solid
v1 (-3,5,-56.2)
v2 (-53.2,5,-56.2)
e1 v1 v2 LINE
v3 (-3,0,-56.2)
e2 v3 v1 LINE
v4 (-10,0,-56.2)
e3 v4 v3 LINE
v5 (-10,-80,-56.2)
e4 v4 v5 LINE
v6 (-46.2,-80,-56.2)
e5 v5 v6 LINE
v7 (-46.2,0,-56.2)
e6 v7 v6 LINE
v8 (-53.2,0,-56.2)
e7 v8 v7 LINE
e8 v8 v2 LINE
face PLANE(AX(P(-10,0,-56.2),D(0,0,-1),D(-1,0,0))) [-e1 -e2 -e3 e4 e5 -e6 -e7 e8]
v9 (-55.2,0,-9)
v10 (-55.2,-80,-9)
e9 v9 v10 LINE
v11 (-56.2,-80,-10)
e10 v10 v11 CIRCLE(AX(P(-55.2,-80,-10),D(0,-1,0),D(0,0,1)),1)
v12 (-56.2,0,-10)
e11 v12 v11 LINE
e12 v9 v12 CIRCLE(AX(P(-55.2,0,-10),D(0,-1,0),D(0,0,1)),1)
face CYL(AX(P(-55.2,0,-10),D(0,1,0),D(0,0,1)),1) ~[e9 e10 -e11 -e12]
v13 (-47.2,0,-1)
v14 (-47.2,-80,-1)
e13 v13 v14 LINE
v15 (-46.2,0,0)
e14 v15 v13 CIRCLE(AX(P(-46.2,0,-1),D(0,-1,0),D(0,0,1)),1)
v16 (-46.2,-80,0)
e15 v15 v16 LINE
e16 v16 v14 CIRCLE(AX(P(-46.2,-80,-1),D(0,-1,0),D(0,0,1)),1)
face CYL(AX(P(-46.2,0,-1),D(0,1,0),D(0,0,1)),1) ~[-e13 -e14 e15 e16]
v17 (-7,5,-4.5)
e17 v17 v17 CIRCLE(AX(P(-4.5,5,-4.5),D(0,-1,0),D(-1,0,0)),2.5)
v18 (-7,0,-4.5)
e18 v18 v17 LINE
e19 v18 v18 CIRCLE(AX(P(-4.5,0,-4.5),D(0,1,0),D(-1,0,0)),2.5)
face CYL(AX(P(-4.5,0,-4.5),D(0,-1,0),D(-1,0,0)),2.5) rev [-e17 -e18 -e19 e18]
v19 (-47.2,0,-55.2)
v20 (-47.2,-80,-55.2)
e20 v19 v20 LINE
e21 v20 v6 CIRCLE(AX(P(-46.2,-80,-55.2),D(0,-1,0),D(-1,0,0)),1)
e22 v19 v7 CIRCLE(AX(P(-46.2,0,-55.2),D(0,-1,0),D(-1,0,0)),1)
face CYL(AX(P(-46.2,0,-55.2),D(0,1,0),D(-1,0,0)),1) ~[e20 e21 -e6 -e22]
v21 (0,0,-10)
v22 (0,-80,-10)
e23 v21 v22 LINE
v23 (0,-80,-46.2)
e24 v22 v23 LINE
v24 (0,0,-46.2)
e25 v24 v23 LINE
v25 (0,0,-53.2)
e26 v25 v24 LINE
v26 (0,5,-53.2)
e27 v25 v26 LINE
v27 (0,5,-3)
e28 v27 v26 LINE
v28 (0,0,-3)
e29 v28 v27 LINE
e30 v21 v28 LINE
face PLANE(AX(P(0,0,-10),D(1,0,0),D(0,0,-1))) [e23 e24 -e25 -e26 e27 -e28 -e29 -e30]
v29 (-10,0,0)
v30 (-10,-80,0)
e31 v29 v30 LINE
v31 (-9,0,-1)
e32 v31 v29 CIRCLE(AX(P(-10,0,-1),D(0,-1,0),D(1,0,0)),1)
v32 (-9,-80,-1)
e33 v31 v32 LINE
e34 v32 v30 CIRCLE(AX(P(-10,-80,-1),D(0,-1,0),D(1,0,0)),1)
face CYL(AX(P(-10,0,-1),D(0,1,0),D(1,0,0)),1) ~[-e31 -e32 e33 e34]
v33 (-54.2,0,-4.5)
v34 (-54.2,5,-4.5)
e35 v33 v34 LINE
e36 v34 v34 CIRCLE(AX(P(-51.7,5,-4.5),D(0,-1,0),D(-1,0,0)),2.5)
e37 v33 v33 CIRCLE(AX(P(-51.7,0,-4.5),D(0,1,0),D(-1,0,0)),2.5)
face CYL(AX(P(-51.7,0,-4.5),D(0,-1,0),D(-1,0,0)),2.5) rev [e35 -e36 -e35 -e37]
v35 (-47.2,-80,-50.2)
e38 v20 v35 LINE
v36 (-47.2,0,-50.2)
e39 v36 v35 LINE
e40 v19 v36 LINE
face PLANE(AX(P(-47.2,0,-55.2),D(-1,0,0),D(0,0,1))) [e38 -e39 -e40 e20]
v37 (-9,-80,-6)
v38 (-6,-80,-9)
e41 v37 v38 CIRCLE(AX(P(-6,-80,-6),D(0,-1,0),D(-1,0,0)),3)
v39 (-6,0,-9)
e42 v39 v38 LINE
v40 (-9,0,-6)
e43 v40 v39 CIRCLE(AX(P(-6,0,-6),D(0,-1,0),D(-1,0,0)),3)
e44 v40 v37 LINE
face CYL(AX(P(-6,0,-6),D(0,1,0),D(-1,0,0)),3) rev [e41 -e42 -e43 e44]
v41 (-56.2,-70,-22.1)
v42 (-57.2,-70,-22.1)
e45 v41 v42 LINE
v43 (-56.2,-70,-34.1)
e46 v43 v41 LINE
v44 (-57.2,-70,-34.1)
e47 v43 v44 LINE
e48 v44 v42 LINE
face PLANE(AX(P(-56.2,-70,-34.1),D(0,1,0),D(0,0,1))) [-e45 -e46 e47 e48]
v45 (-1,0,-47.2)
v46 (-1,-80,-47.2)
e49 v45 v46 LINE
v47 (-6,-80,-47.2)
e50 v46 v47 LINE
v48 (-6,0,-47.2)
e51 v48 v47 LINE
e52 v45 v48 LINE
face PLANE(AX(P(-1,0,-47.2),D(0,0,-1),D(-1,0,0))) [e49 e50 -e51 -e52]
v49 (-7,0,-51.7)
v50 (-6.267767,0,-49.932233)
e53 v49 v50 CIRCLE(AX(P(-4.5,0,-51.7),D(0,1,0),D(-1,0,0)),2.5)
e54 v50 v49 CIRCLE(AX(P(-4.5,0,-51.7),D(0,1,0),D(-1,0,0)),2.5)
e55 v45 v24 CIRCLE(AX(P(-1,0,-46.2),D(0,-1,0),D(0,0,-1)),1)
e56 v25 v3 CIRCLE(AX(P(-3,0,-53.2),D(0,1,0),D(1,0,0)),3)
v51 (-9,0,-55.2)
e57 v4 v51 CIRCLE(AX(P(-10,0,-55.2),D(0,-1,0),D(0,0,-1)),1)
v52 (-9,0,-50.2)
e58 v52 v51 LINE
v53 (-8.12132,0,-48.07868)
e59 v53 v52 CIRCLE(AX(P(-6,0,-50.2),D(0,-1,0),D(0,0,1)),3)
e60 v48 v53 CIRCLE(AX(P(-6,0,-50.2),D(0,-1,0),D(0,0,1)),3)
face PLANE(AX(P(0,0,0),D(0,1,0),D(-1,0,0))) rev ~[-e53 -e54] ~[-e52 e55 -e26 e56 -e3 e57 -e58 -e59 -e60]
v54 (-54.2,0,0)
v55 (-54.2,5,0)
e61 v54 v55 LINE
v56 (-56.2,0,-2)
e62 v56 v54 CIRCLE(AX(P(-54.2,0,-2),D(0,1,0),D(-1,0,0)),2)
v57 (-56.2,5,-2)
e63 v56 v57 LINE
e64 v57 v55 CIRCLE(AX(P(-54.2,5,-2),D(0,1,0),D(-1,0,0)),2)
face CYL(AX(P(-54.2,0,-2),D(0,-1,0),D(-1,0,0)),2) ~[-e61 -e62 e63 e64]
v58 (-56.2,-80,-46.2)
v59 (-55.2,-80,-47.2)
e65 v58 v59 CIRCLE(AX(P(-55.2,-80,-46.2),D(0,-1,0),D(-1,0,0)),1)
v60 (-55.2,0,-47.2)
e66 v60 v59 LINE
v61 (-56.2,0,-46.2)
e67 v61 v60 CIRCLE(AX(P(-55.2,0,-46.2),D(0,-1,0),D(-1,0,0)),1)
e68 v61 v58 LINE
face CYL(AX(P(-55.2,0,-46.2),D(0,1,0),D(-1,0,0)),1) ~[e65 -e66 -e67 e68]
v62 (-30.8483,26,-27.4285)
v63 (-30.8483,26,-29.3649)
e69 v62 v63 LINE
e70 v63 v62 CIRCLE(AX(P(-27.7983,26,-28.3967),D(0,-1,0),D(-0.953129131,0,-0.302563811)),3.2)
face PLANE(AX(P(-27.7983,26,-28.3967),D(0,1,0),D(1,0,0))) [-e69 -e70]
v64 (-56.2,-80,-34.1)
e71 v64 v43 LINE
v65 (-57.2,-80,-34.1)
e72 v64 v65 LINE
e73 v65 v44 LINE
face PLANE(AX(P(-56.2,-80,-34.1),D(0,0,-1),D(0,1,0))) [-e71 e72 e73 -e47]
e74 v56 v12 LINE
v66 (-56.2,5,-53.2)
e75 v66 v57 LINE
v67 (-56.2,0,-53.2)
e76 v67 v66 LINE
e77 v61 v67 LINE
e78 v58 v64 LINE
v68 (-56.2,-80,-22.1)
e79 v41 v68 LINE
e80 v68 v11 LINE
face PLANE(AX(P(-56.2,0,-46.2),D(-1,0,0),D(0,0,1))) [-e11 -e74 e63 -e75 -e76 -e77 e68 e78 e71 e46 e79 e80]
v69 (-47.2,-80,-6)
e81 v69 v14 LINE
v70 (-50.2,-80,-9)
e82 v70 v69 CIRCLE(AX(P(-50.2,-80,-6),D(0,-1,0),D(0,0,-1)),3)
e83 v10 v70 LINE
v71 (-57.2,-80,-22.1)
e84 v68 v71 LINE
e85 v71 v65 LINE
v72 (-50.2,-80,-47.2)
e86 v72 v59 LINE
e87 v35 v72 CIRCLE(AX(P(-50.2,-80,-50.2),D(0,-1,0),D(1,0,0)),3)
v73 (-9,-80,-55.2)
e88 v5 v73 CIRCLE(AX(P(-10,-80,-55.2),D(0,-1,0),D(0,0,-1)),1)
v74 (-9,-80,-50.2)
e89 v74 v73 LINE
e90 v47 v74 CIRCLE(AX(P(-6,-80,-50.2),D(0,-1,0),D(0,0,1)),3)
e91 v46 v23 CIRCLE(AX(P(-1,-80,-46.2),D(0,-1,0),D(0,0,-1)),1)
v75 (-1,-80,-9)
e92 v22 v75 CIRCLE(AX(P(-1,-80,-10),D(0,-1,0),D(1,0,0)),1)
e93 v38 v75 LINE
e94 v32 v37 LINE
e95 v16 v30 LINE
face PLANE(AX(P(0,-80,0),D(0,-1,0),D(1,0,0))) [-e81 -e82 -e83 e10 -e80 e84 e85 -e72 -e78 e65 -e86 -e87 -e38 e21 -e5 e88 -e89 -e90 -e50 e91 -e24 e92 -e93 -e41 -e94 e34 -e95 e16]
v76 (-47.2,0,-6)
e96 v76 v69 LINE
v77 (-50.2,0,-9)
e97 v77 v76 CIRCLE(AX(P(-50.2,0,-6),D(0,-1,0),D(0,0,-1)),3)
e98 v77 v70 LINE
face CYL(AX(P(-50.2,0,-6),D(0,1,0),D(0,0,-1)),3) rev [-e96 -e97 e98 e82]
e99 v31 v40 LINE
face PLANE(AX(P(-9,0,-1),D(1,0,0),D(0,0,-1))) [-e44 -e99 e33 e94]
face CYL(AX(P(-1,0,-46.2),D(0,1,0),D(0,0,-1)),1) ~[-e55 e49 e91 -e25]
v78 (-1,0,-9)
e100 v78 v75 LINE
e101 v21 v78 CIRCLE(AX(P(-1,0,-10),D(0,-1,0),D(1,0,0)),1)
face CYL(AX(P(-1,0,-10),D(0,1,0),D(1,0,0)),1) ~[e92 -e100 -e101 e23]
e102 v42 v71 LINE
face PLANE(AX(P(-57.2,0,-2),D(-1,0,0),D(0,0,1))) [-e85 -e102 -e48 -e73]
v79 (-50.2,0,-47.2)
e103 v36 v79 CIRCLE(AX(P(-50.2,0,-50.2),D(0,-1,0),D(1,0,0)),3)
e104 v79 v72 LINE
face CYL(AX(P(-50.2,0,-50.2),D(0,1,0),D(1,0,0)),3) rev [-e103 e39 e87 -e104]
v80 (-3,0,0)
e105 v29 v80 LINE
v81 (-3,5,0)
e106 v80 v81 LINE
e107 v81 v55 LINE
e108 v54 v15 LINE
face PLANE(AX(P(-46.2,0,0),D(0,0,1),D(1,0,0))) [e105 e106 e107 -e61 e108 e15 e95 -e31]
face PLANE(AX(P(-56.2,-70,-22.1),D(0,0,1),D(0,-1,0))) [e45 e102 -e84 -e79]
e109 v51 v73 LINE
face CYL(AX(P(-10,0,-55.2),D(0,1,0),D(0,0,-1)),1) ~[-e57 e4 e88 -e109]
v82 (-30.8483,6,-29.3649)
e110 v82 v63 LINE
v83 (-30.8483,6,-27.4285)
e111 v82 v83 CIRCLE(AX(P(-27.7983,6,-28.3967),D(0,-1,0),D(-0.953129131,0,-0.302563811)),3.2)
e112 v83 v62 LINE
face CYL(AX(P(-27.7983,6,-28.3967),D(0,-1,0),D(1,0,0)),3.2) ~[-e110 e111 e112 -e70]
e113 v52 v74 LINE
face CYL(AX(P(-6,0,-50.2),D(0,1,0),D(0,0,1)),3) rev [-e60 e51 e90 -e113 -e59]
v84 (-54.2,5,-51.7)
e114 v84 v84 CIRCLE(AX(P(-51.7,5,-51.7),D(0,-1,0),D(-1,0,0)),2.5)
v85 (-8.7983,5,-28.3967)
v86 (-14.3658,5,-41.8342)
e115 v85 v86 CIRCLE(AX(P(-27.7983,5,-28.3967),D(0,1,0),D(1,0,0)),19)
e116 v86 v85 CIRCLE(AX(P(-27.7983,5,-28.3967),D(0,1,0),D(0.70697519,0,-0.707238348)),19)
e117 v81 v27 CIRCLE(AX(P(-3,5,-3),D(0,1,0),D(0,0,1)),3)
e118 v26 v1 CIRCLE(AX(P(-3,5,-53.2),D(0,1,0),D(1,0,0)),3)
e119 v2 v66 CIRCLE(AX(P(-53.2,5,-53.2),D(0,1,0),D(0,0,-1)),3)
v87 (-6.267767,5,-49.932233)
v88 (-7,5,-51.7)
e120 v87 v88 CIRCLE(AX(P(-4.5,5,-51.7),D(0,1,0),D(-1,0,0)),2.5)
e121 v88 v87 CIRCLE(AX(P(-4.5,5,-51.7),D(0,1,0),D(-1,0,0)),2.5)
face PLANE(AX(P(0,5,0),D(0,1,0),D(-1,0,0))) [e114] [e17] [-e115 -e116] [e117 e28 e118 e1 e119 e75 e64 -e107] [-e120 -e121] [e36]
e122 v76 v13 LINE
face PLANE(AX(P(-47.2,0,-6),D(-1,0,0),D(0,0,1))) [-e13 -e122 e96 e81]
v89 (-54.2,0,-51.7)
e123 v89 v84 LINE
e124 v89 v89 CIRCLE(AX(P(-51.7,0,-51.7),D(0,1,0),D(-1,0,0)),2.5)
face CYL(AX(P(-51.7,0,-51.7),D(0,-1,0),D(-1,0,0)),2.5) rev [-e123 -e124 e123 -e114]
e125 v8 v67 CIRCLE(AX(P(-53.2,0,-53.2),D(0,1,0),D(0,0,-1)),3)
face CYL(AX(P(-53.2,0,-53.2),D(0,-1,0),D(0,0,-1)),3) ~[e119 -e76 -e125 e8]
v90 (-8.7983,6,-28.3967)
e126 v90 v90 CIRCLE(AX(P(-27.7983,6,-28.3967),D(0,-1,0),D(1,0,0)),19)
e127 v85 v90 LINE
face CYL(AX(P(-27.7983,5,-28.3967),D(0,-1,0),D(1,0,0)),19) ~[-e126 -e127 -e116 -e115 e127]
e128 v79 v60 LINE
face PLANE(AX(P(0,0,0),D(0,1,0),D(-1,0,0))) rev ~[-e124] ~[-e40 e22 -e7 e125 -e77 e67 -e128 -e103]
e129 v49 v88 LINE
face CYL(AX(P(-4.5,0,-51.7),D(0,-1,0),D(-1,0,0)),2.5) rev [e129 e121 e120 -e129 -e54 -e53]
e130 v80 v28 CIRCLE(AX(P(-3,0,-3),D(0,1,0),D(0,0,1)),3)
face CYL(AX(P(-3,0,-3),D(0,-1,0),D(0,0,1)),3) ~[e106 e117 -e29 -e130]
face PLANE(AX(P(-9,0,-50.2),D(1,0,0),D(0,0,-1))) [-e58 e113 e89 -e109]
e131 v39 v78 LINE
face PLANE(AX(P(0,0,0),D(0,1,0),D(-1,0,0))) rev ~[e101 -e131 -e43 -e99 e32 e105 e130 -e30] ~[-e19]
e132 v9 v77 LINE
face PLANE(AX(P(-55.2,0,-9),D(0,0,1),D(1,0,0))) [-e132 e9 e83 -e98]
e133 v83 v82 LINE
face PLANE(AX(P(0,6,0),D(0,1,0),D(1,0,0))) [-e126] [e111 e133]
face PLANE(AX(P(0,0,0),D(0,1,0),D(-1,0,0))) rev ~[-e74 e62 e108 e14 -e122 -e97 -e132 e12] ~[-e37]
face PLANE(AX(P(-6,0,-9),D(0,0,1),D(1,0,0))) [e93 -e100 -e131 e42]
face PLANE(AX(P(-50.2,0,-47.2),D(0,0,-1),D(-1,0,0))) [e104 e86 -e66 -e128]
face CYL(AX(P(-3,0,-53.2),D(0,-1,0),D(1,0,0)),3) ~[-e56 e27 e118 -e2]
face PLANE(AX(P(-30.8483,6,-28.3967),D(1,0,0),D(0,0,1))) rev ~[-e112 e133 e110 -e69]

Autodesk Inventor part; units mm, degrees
ref_plane "YZ Plane" through (0, 0, 0) normal (1, 0, 0) x (0, 1, 0)
ref_plane "XZ Plane" through (0, 0, 0) normal (0, 1, 0) x (-1, 0, 0)
ref_plane "XY Plane" through (0, 0, 0) normal (0, 0, 1) x (1, 0, 0)
sketch "Sketch1" plane through (0, 0, 0) normal (0, 1, 0) x (-1, 0, 0)
  line L0 (3, 0) -> (54.2, 0)
  line L1 (56.2, -2) -> (56.2, -53.2)
  line L2 (53.2, -56.2) -> (3, -56.2)
  line L3 (0, -53.2) -> (0, -3)
  line L4 (56.2, 0) -> (51.7, 0)
  line L5 (51.7, 0) -> (51.7, -4.5)
  line L6 (51.7, -4.5) -> (56.2, -4.5)
  line L7 (56.2, -4.5) -> (56.2, 0)
  circle A0 centre (51.7, -4.5) radius 2.5
  line L8 (56.2, -56.2) -> (51.7, -56.2)
  line L9 (51.7, -56.2) -> (51.7, -51.7)
  line L10 (51.7, -51.7) -> (56.2, -51.7)
  line L11 (56.2, -51.7) -> (56.2, -56.2)
  circle A1 centre (51.7, -51.7) radius 2.5
  line L12 (0, 0) -> (4.5, 0)
  line L13 (4.5, 0) -> (4.5, -4.5)
  line L14 (4.5, -4.5) -> (0, -4.5)
  line L15 (0, -4.5) -> (0, 0)
  circle A2 centre (4.5, -4.5) radius 2.5
  circle A3 centre (4.5, -51.7) radius 2.5
  arc A4 (56.2, -2) -> (54.2, 0) centre (54.2, -2) ccw
  arc A5 (53.2, -56.2) -> (56.2, -53.2) centre (53.2, -53.2) ccw
  arc A6 (0, -53.2) -> (3, -56.2) centre (3, -53.2) ccw
  arc A7 (3, 0) -> (0, -3) centre (3, -3) ccw
  line L16 (51.7, -4.5) -> (4.5, -51.7)
  line L17 (4.5, -4.5) -> (51.7, -51.7)
  circle A8 centre (28.1, -28.1) radius 19
  point P0 (0, -56.2)
  dimension "d0" = 56.2
  dimension "d1" = 56.2
  dimension "d2" = 4.5
  dimension "d3" = 4.5
  dimension "d4" = 5
  dimension "d5" = 4.5
  dimension "d6" = 4.5
  dimension "d7" = 2
  dimension "d8" = 3
  dimension "d9" = 38
  dimension "d34" = 4.5
  dimension "d35" = 4.5
extrude "Extrusion1" add sketch "Sketch1" along normal blind 5 contours L0 L13 A2 L14 L3 A7 | L0 L5 A0 L16 A8 L17 A2 L13 | L0 A4 L1 L6 A0 L5 | L14 A2 L17 A8 A1 L9 L2 A6 L3 | L6 L1 L10 A1 L17 A8 L16 A0 | A8 L17 L16 | L16 L17 A8 | L17 L16 A8 | L9 A1 L10 L1 A5 L2 | L17 A8 L16
sketch "Sketch2" plane through (0, 5, 0) normal (0, 1, 0) x (1, 0, 0)
  circle A0 centre (-51.7, 4.5) radius 2.5 projected
  circle A1 centre (-4.5, 4.5) radius 2.5 projected
  circle A2 centre (-4.5, 51.7) radius 2.5 projected
  circle A3 centre (-51.7, 51.7) radius 2.5 projected
  circle A4 centre (-51.7, 4.5) radius 2.5 projected
  line L0 (-4.5, 51.7) -> (-4.5, 4.5)
  circle A5 centre (-27.7983, 28.3967) radius 19
  line L1 (-4.5, 4.5) -> (-14.6658, 14.6658)
  line L2 (-41.5292, 41.5292) -> (-51.7, 51.7)
  line L3 (-51.7, 4.5) -> (-28.25, 27.95)
  line L4 (-14.3658, 41.8342) -> (-4.5, 51.7)
  point P0 (0, 0)
  dimension "d12" = 38
extrude "Extrusion2" add sketch "Sketch2" along normal blind 1 contours A5
sketch "Sketch3" plane through (-27.7983, 6, -28.3967) normal (0, 1, 0) x (1, 0, 0)
  circle A0 centre (0, 0) radius 3.2
  circle A1 centre (0, 0) radius 3.05
  line L0 (-3.05, 0) -> (-3.05, 0.9682)
  line L1 (-3.05, 0) -> (-3.05, -0.9682)
  point P0 (27.7983, -28.3967)
  dimension "d16" = 6.1
  dimension "d15" = 6.4
extrude "Extrusion3" add sketch "Sketch3" along normal blind 20 contours A1 | A0 L1 L0 picked at (-2.904, -1.0385)
sketch "Sketch4" plane through (0, 0, 0) normal (0, -1, 0) x (1, 0, 0)
  line L0 (-3, -56.2) -> (-53.2, -56.2) projected
  line L1 (-56.2, -53.2) -> (-56.2, -2) projected
  line L2 (-54.2, 0) -> (-3, 0) projected
  line L3 (0, -3) -> (0, -53.2) projected
  arc A0 (-56.2, -53.2) -> (-53.2, -56.2) centre (-53.2, -53.2) ccw projected
  line L4 (-56.2, -2) -> (-56.2, 0)
  arc A1 (-54.2, 0) -> (-56.2, -2) centre (-54.2, -2) ccw projected
  line L5 (-56.2, 0) -> (-54.2, 0)
  line L6 (-3, 0) -> (0, 0)
  arc A2 (0, -3) -> (-3, 0) centre (-3, -3) ccw projected
  line L7 (0, 0) -> (0, -3)
  arc A3 (-3, -56.2) -> (0, -53.2) centre (-3, -53.2) ccw projected
  line L8 (-3, -56.2) -> (0, -56.2)
  line L9 (0, -56.2) -> (0, -53.2)
  circle A4 centre (-51.7, -51.7) radius 2.5 projected
  line L10 (-53.2, -56.2) -> (-47.2, -56.2)
  line L11 (-47.2, -55.2) -> (-47.2, -50.2)
  line L12 (-50.2, -47.2) -> (-55.2, -47.2)
  line L13 (-56.2, -47.2) -> (-56.2, -53.2)
  line L14 (-56.2, -56.2) -> (-47.2, -47.2) construction
  line L15 (-47.2, -56.2) -> (-56.2, -47.2) construction
  arc A5 (-47.2, -50.2) -> (-50.2, -47.2) centre (-50.2, -50.2) ccw
  arc A6 (-56.2, -53.2) -> (-53.2, -56.2) centre (-53.2, -53.2) ccw
  circle A7 centre (-51.7, -4.5) radius 2.5 projected
  circle A8 centre (-4.5, -4.5) radius 2.5 projected
  circle A9 centre (-4.5, -51.7) radius 2.5 projected
  line L16 (-55.2, -9) -> (-50.2, -9)
  line L17 (-47.2, -6) -> (-47.2, -1)
  line L18 (-47.2, 0) -> (-56.2, 0)
  line L19 (-56.2, 0) -> (-56.2, -9)
  circle A10 centre (-51.7, -4.5) radius 2.5 projected
  line L20 (-56.2, -9) -> (-47.2, 0) construction
  line L21 (-47.2, -9) -> (-56.2, 0) construction
  line L22 (-6, -9) -> (-1, -9)
  line L23 (0, -9) -> (0, 0)
  line L24 (0, 0) -> (-9, 0)
  line L25 (-9, -1) -> (-9, -6)
  line L26 (-9, -9) -> (0, 0) construction
  line L27 (0, -9) -> (-9, 0) construction
  line L28 (-9, -56.2) -> (0, -56.2)
  line L29 (0, -56.2) -> (0, -47.2)
  line L30 (-1, -47.2) -> (-6, -47.2)
  line L31 (-9, -50.2) -> (-9, -55.2)
  line L32 (-9, -56.2) -> (0, -47.2) construction
  line L33 (0, -56.2) -> (-9, -47.2) construction
  arc A11 (-50.2, -9) -> (-47.2, -6) centre (-50.2, -6) ccw
  arc A12 (-9, -6) -> (-6, -9) centre (-6, -6) ccw
  arc A13 (-6, -47.2) -> (-9, -50.2) centre (-6, -50.2) ccw
  line L34 (-46.2, -56.2) -> (-10, -56.2)
  line L35 (-3, -56.2) -> (-53.2, -56.2) projected
  line L36 (-56.2, -46.2) -> (-56.2, -10)
  line L37 (-54.2, 0) -> (-3, 0) projected
  line L38 (-46.2, 0) -> (-10, 0)
  line L39 (0, -10) -> (0, -46.2)
  arc A14 (-56.2, -46.2) -> (-55.2, -47.2) centre (-55.2, -46.2) ccw
  arc A15 (-47.2, -55.2) -> (-46.2, -56.2) centre (-46.2, -55.2) ccw
  arc A16 (-55.2, -9) -> (-56.2, -10) centre (-55.2, -10) ccw
  arc A17 (-46.2, 0) -> (-47.2, -1) centre (-46.2, -1) ccw
  arc A18 (-9, -1) -> (-10, 0) centre (-10, -1) ccw
  arc A19 (0, -10) -> (-1, -9) centre (-1, -10) ccw
  arc A20 (-1, -47.2) -> (0, -46.2) centre (-1, -46.2) ccw
  arc A21 (-10, -56.2) -> (-9, -55.2) centre (-10, -55.2) ccw
  point P0 (-56.2, -47.2)
  point P1 (-46.9, -55.9)
  point P2 (-9, -55.9)
  point P3 (-46.9, 0)
  point P4 (-55.9, -9)
  point P5 (-55.9, -46.9)
  point P6 (0, -46.2)
  point P7 (-56.2, -10)
  point P8 (-46.2, 0)
  point P9 (-56.2, -46.2)
  dimension "d19" = 9
  dimension "d20" = 9
  dimension "d21" = 3
  dimension "d22" = 9
  dimension "d23" = 9
  dimension "d24" = 3
  dimension "d27" = 1
extrude "Extrusion4" add sketch "Sketch4" along normal blind 80 contours L0 A15 L11 A5 L12 A14 L1 A16 L16 A11 L17 A17 L2 A18 L25 A12 L22 A19 L3 A20 L30 A13 L31 A21
sketch "Sketch5" plane through (-56.2, 0, -2) normal (-1, 0, 0) x (0, 0, 1)
  line L0 (-44.2, 0) -> (-44.2, -80) projected
  line L1 (-44.2, -80) -> (-26.1, -80)
  line L2 (-8, -80) -> (-44.2, -80) projected
  line L3 (-26.1, -80) -> (-26.1, -75)
  line L4 (-20.1, -80) -> (-32.1, -80)
  line L5 (-32.1, -80) -> (-32.1, -70)
  line L6 (-32.1, -70) -> (-20.1, -70)
  line L7 (-20.1, -70) -> (-20.1, -80)
  line L8 (-20.1, -80) -> (-32.1, -70) construction
  line L9 (-32.1, -80) -> (-20.1, -70) construction
  point P0 (2, 0)
  dimension "d28" = 18.1
  dimension "d29" = 5
  dimension "d30" = 12
  dimension "d31" = 10
extrude "Extrusion5" add sketch "Sketch5" along normal blind 1
sketch "Sketch6" plane through (0, 5, 0) normal (0, 1, 0) x (1, 0, 0)
  circle A0 centre (-27.7983, 28.3967) radius 19 projected
  arc A1 (-53.2, 56.2) -> (-56.2, 53.2) centre (-53.2, 53.2) ccw projected
  line L0 (-56.2, 53.2) -> (-56.2, 2) projected
  arc A2 (-56.2, 2) -> (-54.2, 0) centre (-54.2, 2) ccw projected
  line L1 (-54.2, 0) -> (-3, 0) projected
  arc A3 (-3, 0) -> (0, 3) centre (-3, 3) ccw projected
  line L2 (0, 3) -> (0, 53.2) projected
  arc A4 (0, 53.2) -> (-3, 56.2) centre (-3, 53.2) ccw projected
  line L3 (-3, 56.2) -> (-53.2, 56.2) projected
  circle A5 centre (-4.5, 51.7) radius 2.5 projected
  circle A6 centre (-51.7, 51.7) radius 2.5 projected
  circle A7 centre (-4.5, 4.5) radius 2.5 projected
  circle A8 centre (-51.7, 4.5) radius 2.5 projected
  point P0 (0, 0)
sketch "Sketch7" plane through (-54.2, 5, 0) normal (0, 0, 1) x (1, 0, 0)
  line L0 (44.2, -85) -> (8, -85) projected
  line L1 (26.1, -85) -> (26.1, -82)
  circle A0 centre (26.1, -82) radius 3
  point P0 (54.2, -5)
  dimension "d36" = 3
sketch "Sketch8" plane through (0, 0, -53.2) normal (1, 0, 0) x (0, 0, -1)
  line L0 (-7, -80) -> (-43.2, -80) projected
  line L1 (-25.1, -80) -> (-25.1, -77)
  circle A0 centre (-25.1, -77) radius 3
  point P0 (-53.2, 0)
  dimension "d37" = 3
equation "\"BendRadius\" = Thickness"
equation "\"BendReliefWidth\" = Thickness"
equation "\"BendReliefDepth\" = 0.5 * Thickness"
equation "\"CornerReliefSize\" = 4 * Thickness"
equation "\"MinimumRemnant\" = 2 * Thickness"
equation "\"TransitionRadius\" = BendRadius"
equation "\"JacobiRadiusSize\" = BendRadius"
equation "\"GapSize\" = Thickness"
equation "\"Thickness\" = 0.5"
properties part number "motor"
